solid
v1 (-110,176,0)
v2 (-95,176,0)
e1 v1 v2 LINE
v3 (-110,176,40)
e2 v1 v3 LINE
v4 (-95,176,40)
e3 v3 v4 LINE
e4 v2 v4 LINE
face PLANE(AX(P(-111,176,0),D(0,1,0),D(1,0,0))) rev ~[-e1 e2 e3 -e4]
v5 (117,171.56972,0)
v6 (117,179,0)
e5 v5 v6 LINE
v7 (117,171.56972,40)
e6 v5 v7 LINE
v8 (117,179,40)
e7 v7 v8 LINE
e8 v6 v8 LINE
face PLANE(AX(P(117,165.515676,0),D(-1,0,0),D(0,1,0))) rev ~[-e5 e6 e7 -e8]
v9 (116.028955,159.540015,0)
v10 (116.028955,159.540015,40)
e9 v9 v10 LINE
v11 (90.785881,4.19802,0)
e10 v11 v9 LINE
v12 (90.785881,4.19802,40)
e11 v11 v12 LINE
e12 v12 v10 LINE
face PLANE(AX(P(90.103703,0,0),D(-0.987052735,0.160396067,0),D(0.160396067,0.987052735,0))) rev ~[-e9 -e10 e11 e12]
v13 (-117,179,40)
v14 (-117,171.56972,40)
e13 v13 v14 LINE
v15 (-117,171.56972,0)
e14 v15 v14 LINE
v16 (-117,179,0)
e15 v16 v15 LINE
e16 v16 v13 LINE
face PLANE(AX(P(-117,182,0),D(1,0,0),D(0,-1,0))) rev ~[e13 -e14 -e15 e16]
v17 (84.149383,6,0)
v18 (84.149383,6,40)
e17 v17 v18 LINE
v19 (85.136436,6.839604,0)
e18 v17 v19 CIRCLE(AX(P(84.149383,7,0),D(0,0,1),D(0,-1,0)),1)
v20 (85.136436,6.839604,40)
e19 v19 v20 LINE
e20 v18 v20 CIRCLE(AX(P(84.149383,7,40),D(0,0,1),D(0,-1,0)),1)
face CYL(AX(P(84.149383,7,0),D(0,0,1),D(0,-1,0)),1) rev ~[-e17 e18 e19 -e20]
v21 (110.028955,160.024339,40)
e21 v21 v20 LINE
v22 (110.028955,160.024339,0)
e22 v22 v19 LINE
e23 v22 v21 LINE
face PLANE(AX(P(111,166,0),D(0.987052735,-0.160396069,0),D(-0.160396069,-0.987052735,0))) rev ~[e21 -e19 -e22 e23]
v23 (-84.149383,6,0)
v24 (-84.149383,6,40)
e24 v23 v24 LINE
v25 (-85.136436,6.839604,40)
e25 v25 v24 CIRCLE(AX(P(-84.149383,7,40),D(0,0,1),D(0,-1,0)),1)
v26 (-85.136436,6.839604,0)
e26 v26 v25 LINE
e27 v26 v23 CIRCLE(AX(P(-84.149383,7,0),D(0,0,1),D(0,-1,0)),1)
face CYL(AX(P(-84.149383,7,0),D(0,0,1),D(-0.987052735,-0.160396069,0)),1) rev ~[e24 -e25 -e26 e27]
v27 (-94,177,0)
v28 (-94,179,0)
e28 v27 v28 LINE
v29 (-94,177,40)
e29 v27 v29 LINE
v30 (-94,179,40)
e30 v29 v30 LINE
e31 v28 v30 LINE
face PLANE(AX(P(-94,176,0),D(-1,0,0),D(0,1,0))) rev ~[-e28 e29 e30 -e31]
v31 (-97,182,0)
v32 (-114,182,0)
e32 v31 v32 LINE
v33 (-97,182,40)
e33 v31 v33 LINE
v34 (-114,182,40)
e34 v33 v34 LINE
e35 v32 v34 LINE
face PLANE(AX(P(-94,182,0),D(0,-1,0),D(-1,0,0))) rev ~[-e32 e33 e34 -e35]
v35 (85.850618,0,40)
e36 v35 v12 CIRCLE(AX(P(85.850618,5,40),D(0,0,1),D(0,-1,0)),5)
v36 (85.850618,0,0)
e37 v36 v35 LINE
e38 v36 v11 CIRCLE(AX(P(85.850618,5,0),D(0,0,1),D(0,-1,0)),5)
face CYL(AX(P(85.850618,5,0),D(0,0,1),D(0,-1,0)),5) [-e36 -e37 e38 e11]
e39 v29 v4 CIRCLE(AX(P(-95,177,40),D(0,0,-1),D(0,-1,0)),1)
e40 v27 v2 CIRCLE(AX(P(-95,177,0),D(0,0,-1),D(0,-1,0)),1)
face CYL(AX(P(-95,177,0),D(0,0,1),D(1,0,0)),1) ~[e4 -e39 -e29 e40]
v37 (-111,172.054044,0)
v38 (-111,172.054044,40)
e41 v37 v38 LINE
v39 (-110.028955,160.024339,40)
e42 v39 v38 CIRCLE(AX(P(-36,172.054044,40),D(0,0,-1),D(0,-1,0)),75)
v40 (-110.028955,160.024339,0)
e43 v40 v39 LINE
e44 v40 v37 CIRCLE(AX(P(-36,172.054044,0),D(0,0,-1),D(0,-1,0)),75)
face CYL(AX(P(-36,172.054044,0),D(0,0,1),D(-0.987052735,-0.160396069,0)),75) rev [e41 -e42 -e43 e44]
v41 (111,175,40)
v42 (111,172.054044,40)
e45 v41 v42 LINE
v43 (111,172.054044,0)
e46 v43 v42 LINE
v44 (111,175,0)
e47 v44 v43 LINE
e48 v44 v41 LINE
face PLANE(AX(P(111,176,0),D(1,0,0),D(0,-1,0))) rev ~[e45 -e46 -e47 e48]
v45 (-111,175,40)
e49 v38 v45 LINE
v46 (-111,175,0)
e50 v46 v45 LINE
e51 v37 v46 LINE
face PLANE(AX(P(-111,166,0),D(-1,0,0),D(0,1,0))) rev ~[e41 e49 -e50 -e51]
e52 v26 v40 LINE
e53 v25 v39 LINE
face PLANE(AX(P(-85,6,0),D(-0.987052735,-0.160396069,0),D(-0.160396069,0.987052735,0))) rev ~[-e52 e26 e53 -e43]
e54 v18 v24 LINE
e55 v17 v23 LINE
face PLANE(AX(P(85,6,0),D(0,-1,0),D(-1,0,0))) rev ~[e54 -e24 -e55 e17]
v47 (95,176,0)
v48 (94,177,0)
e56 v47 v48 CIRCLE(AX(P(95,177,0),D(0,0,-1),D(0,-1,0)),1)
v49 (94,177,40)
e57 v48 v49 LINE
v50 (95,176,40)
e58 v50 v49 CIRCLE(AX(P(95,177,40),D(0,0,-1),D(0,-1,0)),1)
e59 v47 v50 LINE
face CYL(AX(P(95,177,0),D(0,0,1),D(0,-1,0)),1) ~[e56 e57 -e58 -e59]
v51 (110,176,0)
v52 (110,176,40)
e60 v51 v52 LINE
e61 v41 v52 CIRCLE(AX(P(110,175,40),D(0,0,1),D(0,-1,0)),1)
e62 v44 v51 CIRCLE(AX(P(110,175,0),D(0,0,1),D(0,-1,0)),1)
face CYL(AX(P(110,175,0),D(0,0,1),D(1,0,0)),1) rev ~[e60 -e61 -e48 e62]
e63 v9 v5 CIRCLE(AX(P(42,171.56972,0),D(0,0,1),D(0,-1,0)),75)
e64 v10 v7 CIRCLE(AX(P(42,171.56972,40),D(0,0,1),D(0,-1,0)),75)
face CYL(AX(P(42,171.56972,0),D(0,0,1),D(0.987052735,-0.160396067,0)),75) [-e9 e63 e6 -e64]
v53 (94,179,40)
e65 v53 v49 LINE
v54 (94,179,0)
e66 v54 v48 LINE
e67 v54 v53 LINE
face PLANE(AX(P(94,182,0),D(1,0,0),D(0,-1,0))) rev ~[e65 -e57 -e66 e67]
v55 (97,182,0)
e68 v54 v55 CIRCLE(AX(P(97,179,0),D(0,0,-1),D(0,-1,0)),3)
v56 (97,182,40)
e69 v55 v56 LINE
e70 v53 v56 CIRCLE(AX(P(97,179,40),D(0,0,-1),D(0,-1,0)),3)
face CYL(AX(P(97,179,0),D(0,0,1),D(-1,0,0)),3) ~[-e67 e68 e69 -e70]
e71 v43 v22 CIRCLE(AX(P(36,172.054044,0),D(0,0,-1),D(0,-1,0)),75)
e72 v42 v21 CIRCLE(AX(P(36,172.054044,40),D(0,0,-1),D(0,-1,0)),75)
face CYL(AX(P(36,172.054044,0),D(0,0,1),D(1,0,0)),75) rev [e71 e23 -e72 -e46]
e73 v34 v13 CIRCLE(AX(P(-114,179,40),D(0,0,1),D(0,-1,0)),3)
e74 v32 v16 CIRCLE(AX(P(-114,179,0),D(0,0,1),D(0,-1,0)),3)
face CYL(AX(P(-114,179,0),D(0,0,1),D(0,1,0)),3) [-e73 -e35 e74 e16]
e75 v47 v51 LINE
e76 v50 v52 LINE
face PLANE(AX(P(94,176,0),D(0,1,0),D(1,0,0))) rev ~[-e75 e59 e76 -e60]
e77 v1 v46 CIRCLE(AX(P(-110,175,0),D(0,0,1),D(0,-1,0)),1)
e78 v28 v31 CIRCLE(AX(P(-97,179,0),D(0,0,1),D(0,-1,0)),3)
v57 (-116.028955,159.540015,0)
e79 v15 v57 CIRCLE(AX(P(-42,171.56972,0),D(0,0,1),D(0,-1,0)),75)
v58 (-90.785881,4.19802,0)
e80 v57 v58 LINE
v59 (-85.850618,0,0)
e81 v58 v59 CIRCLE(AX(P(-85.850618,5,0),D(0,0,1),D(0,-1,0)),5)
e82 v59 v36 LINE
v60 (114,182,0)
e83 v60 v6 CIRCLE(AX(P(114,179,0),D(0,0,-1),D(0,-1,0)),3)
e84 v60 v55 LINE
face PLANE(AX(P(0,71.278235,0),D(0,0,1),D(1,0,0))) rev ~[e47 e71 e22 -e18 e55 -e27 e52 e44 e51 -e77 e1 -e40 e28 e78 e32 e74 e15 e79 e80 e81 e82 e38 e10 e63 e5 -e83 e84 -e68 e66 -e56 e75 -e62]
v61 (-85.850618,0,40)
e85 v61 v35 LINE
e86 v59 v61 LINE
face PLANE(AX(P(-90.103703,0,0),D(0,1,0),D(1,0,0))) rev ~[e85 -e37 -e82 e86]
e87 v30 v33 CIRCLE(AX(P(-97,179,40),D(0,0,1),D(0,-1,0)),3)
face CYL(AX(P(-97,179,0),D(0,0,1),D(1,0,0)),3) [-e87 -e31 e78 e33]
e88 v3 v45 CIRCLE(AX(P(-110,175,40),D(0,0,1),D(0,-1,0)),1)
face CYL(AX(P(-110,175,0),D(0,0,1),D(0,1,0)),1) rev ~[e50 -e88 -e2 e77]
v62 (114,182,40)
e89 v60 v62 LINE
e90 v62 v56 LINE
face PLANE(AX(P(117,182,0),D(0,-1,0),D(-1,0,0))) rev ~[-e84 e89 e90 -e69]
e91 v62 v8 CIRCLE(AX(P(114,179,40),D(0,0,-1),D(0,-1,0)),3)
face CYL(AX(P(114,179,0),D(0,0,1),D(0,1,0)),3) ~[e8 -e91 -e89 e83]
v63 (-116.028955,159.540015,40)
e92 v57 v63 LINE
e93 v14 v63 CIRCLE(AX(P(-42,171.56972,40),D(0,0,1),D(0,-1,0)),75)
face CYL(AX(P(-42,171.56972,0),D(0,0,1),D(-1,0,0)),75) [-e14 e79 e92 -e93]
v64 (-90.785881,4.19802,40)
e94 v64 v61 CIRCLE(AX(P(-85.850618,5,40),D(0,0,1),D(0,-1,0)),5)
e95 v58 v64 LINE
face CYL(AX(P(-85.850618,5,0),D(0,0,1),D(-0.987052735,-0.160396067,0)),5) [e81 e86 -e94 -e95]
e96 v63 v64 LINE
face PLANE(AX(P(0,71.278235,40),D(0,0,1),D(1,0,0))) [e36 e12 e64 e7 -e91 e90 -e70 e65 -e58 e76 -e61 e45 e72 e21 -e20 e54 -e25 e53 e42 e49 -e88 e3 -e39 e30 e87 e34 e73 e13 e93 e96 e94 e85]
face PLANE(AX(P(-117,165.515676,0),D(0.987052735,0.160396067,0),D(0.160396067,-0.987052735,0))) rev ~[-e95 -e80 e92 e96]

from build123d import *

# Parameters (mm, degrees)
PAD_DEPTH   = 40
FILLET_R    = 75
FILLET001_R = 5
FILLET002_R = 1
FILLET003_R = 3
FILLET004_R = 1


with BuildPart() as part:
    # Sketch → Pad (new body)
    with BuildSketch(Plane.XY):
        Polygon((-94, 182), (-117, 182), (-117, 165.515676), (-90.103703, 0), (90.103703, 0), (117, 165.515676), (117, 182), (94, 182), (94, 176), (111, 176), (111, 166), (85, 6), (-85, 6), (-111, 166), (-111, 176), (-94, 176), align=None)
    extrude(amount=PAD_DEPTH)

    # Fillet
    fillet_edges = [part.edges().sort_by_distance(p)[0] for p in [
        (117, 165.515676, 20),
        (-117, 165.515676, 20),
        (111, 166, 20),
        (-111, 166, 20),
    ]]
    fillet(fillet_edges, radius=FILLET_R)

    # Fillet001
    fillet001_edges = [part.edges().sort_by_distance(p)[0] for p in [
        (-90.103703, 0, 20),
        (90.103703, 0, 20),
    ]]
    fillet(fillet001_edges, radius=FILLET001_R)

    # Fillet002
    fillet002_edges = [part.edges().sort_by_distance(p)[0] for p in [
        (85, 6, 20),
        (-85, 6, 20),
    ]]
    fillet(fillet002_edges, radius=FILLET002_R)

    # Fillet003
    fillet003_edges = [part.edges().sort_by_distance(p)[0] for p in [
        (117, 182, 20),
        (-117, 182, 20),
        (-94, 182, 20),
        (94, 182, 20),
    ]]
    fillet(fillet003_edges, radius=FILLET003_R)

    # Fillet004
    fillet004_edges = [part.edges().sort_by_distance(p)[0] for p in [
        (-94, 176, 20),
        (-111, 176, 20),
        (111, 176, 20),
        (94, 176, 20),
    ]]
    fillet(fillet004_edges, radius=FILLET004_R)


solid = part.part
